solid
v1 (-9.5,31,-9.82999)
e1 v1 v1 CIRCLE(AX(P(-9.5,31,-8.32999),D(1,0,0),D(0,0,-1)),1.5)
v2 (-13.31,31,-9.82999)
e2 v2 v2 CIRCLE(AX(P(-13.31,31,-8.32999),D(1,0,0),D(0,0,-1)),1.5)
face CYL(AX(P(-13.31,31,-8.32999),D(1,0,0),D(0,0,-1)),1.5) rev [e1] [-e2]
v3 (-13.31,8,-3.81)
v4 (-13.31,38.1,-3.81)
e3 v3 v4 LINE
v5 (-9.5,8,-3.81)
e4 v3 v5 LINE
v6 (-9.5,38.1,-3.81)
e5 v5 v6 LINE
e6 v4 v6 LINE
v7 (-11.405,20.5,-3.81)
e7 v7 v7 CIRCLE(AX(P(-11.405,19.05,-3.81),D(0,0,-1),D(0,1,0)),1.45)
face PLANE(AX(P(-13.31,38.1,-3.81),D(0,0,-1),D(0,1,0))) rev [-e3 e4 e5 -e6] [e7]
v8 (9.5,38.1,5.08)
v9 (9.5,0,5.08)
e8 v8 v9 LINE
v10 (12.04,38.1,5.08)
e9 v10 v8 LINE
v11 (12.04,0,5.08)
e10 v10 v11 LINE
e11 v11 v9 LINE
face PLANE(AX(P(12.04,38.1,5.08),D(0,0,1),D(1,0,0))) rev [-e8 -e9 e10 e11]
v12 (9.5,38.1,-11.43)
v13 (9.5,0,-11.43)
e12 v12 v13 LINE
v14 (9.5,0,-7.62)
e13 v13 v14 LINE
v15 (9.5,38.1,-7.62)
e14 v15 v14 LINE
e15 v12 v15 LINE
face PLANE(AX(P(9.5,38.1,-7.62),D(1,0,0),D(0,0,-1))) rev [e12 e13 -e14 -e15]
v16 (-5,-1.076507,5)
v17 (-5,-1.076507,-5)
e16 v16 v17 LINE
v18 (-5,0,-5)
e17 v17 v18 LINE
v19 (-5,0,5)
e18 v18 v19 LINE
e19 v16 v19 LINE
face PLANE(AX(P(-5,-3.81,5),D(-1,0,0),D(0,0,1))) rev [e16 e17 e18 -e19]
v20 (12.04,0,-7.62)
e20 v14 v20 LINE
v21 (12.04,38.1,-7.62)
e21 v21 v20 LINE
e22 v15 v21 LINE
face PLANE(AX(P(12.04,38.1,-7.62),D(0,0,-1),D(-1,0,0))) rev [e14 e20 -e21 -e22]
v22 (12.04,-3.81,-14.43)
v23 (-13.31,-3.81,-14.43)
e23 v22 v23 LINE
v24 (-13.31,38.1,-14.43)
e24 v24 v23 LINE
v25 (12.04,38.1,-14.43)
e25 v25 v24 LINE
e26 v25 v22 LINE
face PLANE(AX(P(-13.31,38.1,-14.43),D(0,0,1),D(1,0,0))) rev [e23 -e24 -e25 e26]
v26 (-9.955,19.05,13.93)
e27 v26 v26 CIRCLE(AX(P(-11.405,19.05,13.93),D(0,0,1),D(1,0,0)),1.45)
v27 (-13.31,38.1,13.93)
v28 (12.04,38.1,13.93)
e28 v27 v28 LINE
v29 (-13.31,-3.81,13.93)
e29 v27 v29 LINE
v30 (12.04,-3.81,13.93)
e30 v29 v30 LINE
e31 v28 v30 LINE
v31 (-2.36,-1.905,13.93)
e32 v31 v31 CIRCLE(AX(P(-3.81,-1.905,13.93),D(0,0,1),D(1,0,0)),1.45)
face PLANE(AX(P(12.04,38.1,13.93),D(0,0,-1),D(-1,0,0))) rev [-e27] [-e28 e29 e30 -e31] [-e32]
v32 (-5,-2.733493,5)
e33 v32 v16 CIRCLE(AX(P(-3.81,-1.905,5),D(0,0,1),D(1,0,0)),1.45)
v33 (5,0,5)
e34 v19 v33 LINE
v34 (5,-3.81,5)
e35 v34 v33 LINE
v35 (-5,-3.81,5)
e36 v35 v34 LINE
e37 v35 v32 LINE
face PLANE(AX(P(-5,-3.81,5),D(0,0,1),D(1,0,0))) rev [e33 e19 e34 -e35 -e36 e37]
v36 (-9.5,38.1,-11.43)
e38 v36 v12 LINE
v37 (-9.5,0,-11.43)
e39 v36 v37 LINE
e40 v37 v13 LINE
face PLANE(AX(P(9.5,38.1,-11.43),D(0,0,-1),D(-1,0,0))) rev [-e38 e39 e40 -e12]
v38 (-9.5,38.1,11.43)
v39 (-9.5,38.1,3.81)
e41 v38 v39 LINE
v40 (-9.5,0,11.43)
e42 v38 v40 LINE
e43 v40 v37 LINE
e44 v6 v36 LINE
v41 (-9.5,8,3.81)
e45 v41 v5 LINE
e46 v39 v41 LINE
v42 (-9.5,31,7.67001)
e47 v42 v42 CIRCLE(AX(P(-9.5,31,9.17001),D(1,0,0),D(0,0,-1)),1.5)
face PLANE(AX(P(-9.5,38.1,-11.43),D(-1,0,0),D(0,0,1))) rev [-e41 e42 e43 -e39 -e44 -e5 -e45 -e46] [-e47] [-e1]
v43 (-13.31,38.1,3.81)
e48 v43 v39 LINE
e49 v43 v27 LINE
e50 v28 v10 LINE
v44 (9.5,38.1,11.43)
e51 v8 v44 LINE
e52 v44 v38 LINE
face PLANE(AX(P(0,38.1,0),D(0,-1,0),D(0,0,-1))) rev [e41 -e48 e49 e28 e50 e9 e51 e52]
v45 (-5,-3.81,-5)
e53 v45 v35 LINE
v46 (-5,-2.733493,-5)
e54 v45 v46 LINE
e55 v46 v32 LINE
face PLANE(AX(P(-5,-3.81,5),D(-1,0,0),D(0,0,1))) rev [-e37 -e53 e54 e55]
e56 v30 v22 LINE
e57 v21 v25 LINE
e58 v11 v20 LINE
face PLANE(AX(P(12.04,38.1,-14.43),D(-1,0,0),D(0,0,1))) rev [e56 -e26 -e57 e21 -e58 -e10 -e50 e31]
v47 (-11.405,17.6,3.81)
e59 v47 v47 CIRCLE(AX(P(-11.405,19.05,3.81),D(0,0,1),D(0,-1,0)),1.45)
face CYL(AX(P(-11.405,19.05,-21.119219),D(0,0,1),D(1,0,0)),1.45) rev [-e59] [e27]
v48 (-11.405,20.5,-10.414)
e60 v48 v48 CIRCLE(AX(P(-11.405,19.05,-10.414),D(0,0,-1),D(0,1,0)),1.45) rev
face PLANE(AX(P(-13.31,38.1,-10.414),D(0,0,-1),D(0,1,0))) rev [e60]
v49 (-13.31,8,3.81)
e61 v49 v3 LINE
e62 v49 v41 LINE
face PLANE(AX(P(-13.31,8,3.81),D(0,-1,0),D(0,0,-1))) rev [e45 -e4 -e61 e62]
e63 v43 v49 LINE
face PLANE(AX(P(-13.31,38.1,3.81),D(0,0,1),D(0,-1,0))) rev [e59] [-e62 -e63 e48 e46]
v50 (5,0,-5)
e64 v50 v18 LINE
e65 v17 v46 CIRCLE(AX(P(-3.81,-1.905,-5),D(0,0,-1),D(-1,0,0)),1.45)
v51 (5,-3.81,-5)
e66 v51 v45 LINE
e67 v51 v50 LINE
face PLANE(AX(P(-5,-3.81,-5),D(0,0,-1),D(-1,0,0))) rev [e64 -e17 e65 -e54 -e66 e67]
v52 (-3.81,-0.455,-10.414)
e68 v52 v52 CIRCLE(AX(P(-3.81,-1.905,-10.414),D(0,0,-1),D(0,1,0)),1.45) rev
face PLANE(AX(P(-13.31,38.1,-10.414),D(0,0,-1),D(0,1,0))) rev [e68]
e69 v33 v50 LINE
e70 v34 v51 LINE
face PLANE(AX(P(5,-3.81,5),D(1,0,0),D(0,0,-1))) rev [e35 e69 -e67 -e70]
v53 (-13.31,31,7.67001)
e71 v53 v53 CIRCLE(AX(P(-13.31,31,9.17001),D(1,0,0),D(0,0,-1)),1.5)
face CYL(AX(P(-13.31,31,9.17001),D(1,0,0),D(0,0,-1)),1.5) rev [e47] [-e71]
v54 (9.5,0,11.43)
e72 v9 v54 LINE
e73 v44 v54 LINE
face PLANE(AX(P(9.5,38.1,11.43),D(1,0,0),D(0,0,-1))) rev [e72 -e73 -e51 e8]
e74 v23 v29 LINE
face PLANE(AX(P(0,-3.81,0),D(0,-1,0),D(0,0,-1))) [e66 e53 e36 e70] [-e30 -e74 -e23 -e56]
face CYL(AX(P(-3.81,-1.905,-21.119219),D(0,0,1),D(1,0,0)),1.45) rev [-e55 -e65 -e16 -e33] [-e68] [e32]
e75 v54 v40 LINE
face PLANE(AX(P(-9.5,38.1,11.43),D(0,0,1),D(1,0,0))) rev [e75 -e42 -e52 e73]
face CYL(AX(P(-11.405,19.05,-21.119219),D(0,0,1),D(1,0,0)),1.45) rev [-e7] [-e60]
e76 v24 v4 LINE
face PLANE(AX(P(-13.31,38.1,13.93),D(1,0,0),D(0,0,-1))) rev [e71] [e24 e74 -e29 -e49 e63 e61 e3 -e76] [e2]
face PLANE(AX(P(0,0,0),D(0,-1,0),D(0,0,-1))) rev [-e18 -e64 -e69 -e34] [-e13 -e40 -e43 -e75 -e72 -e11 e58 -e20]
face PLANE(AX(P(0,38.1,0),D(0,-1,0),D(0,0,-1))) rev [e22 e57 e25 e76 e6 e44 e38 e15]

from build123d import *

# Parameters (mm, degrees)
BOSS_EXTRUDE2_DEPTH = 38.1
SKETCH1_W           = 25.35
SKETCH1_H           = 28.36
BOSS_EXTRUDE3_DEPTH = 3.81
SKETCH3_W           = 10
SKETCH3_H           = 10
CUT_EXTRUDE1_DEPTH  = 43.860132991
SKETCH4_W           = 7.62
SKETCH4_H           = 30.1
CUT_EXTRUDE2_DEPTH  = 47.084775143
SKETCH5_R           = 1.5
CUT_EXTRUDE3_DEPTH  = 47.084775143
SKETCH6_R           = 1.45
CUT_EXTRUDE4_DEPTH  = 24.344


with BuildPart() as part:
    # Sketch2 → Boss-Extrude2 (new body)
    with BuildSketch(Plane(origin=(0, 0, 0), x_dir=(1, 0, 0), z_dir=(0, 1, 0))):
        Polygon((-9.5, -11.43), (9.5, -11.43), (9.5, -5.08), (12.04, -5.08), (12.04, -13.93), (-13.31, -13.93), (-13.31, 14.43), (12.04, 14.43), (12.04, 7.62), (9.5, 7.62), (9.5, 11.43), (-9.5, 11.43), align=None)
    extrude(amount=BOSS_EXTRUDE2_DEPTH)

    # Sketch1 → Boss-Extrude3 (add)
    with BuildSketch(Plane(origin=(0, 0, 0), x_dir=(1, 0, 0), z_dir=(0, 1, 0))):
        with Locations((-0.635, 0.25)):
            Rectangle(SKETCH1_W, SKETCH1_H)
    extrude(amount=-BOSS_EXTRUDE3_DEPTH)

    # Sketch3 → Cut-Extrude1 (cut, through all)
    with BuildSketch(Plane(origin=(0, 0, 0), x_dir=(1, 0, 0), z_dir=(0, 1, 0))):
        Rectangle(SKETCH3_W, SKETCH3_H)
    extrude(amount=-CUT_EXTRUDE1_DEPTH, mode=Mode.SUBTRACT)

    # Sketch4 → Cut-Extrude2 (cut, through all)
    with BuildSketch(Plane(origin=(-9.5, 0, 0), x_dir=(0, 0, -1), z_dir=(1, 0, 0))):
        with Locations((0, 23.05)):
            Rectangle(SKETCH4_W, SKETCH4_H)
    extrude(amount=-CUT_EXTRUDE2_DEPTH, mode=Mode.SUBTRACT)

    # Sketch5 → Cut-Extrude3 (cut, through all)
    with BuildSketch(Plane(origin=(-9.5, 0, 0), x_dir=(0, 0, -1), z_dir=(1, 0, 0))):
        with Locations((-9.1700096, 31)):
            Circle(SKETCH5_R)
        with Locations((8.3299904, 31)):
            Circle(SKETCH5_R)
    extrude(amount=-CUT_EXTRUDE3_DEPTH, mode=Mode.SUBTRACT)

    # Sketch6 → Cut-Extrude4 (cut)
    with BuildSketch(Plane.XY.offset(13.93)):
        with Locations(Location((-11.405, 19.05, 0), (0, 0, 90))):
            Circle(SKETCH6_R)
        with Locations((-3.81, -1.905)):
            Circle(SKETCH6_R)
    extrude(amount=-CUT_EXTRUDE4_DEPTH, mode=Mode.SUBTRACT)


solid = part.part
